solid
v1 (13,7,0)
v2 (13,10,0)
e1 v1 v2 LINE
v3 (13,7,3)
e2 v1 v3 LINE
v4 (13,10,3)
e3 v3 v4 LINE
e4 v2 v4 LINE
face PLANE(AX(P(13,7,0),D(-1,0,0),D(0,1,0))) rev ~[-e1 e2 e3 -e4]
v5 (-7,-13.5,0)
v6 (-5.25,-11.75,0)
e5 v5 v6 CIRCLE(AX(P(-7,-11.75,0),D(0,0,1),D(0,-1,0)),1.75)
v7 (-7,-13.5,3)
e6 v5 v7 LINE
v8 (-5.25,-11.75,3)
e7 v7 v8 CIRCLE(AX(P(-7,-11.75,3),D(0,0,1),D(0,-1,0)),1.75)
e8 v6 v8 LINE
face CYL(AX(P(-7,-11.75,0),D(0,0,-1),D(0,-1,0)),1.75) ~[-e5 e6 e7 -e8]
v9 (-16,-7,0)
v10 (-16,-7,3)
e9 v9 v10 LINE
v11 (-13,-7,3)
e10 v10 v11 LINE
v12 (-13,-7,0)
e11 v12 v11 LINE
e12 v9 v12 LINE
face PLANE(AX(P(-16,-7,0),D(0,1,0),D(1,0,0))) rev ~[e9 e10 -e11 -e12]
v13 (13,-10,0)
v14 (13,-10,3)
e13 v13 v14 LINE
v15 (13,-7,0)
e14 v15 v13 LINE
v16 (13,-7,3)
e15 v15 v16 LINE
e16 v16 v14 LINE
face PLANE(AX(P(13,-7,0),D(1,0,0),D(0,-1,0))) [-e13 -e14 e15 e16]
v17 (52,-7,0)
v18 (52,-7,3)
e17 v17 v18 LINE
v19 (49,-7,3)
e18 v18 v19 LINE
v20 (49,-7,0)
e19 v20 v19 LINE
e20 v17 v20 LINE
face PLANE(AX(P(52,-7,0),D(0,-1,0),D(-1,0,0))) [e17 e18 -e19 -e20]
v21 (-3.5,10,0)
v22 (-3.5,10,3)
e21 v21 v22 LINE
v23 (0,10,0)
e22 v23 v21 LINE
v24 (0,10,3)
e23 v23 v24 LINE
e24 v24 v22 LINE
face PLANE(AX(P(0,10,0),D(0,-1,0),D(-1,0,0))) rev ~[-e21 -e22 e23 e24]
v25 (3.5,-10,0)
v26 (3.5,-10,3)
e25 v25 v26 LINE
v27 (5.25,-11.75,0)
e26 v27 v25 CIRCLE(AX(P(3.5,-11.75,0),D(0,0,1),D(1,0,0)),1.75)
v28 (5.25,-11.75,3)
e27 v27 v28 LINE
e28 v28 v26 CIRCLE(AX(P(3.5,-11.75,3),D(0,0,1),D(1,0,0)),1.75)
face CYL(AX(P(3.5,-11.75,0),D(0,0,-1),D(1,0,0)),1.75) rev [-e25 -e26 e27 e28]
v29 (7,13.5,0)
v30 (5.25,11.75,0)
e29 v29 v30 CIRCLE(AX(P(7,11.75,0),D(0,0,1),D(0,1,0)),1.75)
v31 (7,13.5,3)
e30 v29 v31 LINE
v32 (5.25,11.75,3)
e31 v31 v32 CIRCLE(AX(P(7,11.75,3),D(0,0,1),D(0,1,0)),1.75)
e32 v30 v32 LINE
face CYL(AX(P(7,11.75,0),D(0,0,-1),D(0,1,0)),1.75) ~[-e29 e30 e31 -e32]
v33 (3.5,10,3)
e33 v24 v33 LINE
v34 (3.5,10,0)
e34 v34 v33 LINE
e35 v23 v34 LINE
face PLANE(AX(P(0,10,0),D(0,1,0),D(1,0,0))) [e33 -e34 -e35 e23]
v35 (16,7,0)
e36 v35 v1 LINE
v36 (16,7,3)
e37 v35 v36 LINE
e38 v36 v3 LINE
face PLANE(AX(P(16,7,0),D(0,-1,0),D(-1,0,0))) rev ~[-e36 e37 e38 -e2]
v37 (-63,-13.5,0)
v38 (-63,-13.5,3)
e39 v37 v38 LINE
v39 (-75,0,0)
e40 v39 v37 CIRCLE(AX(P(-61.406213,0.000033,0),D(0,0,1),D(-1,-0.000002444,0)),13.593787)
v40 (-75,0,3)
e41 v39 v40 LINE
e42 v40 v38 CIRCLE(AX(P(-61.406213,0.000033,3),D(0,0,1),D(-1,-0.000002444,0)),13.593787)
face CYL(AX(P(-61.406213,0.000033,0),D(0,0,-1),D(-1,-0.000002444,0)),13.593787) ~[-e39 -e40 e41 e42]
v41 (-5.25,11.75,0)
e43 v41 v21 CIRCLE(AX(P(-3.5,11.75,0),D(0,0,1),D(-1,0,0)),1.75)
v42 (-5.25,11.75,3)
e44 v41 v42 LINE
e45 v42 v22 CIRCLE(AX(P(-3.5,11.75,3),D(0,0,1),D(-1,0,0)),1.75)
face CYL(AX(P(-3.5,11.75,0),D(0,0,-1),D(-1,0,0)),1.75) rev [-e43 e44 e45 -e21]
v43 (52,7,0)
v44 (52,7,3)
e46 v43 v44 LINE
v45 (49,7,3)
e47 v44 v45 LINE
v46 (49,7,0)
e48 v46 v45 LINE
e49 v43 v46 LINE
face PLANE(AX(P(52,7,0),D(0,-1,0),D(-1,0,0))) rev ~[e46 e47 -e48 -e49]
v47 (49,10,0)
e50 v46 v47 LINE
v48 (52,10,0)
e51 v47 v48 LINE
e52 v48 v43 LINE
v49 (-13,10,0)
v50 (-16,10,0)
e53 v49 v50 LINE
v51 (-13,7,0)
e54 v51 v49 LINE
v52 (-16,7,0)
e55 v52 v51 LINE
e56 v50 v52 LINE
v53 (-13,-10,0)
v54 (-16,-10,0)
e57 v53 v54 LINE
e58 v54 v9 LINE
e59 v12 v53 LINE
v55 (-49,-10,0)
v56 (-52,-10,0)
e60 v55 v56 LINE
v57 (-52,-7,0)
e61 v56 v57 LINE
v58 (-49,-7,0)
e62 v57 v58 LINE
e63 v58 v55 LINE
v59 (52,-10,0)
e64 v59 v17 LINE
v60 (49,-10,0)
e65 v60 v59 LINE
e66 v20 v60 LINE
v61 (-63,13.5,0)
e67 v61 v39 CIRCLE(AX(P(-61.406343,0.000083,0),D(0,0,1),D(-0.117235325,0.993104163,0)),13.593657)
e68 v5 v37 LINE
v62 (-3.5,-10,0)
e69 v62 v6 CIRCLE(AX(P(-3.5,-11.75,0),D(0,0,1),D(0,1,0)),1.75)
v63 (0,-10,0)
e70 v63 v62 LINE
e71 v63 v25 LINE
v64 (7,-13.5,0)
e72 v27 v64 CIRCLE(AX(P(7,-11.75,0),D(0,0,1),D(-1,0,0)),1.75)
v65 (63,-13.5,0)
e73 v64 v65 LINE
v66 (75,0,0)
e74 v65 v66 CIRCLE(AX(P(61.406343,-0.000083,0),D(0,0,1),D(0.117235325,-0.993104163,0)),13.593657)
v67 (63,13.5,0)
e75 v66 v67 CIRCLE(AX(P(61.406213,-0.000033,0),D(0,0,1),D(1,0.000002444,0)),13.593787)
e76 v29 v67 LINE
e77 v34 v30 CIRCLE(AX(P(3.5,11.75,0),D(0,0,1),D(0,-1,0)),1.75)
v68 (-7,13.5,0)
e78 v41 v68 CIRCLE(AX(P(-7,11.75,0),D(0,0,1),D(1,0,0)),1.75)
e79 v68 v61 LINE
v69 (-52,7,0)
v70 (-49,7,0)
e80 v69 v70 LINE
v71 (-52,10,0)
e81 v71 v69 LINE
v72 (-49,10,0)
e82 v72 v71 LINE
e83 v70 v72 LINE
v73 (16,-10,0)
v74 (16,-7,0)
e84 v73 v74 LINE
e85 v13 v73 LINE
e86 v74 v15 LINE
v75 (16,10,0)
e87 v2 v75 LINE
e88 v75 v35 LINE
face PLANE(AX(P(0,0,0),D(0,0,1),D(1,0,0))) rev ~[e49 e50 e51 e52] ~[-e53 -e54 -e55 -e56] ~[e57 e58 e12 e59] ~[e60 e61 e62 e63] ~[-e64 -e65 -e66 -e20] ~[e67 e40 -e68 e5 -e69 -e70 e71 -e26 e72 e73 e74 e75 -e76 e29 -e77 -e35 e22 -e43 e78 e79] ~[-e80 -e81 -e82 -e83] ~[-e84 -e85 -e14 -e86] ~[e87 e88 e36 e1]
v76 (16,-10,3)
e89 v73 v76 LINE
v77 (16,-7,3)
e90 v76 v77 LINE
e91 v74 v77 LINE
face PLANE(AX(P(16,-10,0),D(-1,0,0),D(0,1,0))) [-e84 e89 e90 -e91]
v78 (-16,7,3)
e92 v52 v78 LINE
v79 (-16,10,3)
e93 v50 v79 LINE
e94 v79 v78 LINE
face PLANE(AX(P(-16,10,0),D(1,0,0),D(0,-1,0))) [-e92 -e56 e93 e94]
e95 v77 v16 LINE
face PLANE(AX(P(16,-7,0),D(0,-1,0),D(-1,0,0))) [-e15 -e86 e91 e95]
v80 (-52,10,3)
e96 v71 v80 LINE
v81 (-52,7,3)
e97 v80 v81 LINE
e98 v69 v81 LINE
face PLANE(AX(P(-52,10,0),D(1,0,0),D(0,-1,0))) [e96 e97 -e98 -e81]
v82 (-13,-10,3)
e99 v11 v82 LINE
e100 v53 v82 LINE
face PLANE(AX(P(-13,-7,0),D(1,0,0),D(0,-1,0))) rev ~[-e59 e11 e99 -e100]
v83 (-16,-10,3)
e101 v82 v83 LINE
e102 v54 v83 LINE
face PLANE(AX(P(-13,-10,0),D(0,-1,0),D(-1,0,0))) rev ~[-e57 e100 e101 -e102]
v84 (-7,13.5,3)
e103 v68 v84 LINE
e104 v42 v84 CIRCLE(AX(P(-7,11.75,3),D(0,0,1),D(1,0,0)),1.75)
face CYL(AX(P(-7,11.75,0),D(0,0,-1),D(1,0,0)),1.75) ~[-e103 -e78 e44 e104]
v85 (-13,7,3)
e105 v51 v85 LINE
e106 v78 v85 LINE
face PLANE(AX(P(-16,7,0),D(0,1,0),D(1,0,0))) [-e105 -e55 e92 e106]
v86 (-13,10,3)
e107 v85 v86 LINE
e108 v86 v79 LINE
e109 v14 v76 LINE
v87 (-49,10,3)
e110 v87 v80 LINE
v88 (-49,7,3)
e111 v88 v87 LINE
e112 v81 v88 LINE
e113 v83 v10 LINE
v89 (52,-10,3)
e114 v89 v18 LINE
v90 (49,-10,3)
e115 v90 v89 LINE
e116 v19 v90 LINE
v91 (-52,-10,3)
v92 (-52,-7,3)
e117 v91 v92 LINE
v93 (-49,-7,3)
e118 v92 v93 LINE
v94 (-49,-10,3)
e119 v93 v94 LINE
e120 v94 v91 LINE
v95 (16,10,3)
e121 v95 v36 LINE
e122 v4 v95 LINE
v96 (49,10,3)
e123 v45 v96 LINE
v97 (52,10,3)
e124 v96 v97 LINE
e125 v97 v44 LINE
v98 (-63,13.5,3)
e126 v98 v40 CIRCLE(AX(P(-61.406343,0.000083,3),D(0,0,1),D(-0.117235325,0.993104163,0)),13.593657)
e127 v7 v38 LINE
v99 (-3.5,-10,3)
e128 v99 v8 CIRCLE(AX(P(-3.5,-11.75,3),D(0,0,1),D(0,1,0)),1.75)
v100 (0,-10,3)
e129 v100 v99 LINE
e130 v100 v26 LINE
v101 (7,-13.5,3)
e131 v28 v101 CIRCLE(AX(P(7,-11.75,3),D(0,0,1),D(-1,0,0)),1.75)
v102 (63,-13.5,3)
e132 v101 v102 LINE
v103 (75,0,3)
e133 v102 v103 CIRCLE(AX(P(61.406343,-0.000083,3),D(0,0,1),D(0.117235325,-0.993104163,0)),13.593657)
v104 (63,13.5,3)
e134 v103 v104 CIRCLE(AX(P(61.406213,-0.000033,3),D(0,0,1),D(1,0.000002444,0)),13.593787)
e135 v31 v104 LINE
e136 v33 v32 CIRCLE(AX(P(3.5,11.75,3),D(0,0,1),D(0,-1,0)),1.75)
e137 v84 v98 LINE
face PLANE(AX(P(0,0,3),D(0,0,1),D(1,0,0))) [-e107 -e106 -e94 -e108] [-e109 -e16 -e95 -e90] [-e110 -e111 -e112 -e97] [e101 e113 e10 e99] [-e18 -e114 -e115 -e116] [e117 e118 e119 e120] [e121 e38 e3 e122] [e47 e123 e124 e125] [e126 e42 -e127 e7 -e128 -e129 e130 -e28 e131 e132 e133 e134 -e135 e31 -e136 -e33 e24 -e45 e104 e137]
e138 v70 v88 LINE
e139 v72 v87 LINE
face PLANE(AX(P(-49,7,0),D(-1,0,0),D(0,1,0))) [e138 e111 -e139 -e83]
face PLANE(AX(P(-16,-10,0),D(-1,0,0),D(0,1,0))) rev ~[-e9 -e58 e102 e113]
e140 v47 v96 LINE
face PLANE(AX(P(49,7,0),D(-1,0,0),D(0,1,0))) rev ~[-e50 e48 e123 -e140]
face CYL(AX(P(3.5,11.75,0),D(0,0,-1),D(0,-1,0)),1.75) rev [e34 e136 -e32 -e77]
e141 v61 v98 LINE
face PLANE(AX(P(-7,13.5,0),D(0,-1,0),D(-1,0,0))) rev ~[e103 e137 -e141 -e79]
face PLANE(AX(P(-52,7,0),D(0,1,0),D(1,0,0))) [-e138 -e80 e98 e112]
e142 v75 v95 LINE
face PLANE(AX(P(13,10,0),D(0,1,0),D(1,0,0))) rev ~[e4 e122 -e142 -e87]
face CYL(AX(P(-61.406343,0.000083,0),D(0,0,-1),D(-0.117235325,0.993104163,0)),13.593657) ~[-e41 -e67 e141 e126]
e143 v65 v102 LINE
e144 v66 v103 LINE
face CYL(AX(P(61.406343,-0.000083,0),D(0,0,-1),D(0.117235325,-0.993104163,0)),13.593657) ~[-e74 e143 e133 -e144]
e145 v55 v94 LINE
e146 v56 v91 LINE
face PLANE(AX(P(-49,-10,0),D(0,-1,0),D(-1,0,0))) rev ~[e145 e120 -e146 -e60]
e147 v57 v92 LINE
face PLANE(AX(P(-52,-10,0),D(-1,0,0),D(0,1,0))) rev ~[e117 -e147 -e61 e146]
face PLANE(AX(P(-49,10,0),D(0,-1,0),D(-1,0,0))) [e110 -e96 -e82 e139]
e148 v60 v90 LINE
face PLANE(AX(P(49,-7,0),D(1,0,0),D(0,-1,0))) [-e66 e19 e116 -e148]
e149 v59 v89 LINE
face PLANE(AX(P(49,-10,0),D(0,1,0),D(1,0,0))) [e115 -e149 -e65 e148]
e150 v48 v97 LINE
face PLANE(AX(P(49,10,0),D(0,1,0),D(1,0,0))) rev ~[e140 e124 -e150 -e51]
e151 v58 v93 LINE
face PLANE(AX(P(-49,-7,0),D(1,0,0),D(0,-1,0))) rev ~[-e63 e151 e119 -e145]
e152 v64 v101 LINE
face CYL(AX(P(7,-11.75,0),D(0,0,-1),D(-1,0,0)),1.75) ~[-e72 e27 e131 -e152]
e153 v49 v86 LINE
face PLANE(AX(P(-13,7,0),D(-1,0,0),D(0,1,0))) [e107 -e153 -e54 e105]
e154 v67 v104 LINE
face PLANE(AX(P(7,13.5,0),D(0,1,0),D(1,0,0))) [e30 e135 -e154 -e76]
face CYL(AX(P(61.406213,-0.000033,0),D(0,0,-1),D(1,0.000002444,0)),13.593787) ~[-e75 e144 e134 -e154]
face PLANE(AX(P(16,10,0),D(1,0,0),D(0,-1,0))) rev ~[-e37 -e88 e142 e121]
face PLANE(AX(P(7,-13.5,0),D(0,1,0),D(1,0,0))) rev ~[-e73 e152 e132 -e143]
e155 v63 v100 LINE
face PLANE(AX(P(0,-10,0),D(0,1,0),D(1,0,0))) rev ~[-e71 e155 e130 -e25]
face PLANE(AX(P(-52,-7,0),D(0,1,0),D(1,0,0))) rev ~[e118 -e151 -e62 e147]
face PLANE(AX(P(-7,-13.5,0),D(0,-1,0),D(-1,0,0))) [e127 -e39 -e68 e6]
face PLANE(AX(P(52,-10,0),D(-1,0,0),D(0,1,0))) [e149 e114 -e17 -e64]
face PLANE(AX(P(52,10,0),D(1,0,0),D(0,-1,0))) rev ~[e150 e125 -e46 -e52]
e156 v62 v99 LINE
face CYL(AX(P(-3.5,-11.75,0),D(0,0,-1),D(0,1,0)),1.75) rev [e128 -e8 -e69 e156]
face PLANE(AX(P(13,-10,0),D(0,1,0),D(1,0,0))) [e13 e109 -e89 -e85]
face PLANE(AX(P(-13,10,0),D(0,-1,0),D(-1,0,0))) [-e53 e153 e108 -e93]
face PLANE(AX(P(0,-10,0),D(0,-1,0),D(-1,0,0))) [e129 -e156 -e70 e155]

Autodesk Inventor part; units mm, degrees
ref_plane "YZ Plane" through (0, 0, 0) normal (1, 0, 0) x (0, 1, 0)
ref_plane "XZ Plane" through (0, 0, 0) normal (0, 1, 0) x (-1, 0, 0)
ref_plane "XY Plane" through (0, 0, 0) normal (0, 0, 1) x (1, 0, 0)
sketch "Esboço1" plane through (0, 0, 0) normal (0, 0, 1) x (1, 0, 0)
  arc A0 (-63, 13.5) -> (-75, 0) centre (-61.4063, 0) ccw
  line L0 (0, 10) -> (-3.5, 10)
  arc A1 (-5.25, 11.75) -> (-7, 13.5) centre (-7, 11.75) ccw
  arc A2 (-5.25, 11.75) -> (-3.5, 10) centre (-3.5, 11.75) ccw
  line L1 (-7, 13.5) -> (-63, 13.5)
  line L2 (-49, 10) -> (-52, 10)
  line L3 (-52, 10) -> (-52, 7)
  line L4 (-52, 7) -> (-49, 7)
  line L5 (-49, 7) -> (-49, 10)
  line L6 (-13, 10) -> (-16, 10)
  line L7 (-16, 10) -> (-16, 7)
  line L8 (-16, 7) -> (-13, 7)
  line L9 (-13, 7) -> (-13, 10)
  line L10 (0, 10) -> (3.5, 10)
  arc A3 (3.5, 10) -> (5.25, 11.75) centre (3.5, 11.75) ccw
  arc A4 (7, 13.5) -> (5.25, 11.75) centre (7, 11.75) ccw
  line L11 (7, 13.5) -> (63, 13.5)
  arc A5 (75, 0) -> (63, 13.5) centre (61.4063, 0) ccw
  line L12 (49, 10) -> (52, 10)
  line L13 (52, 10) -> (52, 7)
  line L14 (52, 7) -> (49, 7)
  line L15 (49, 7) -> (49, 10)
  line L16 (13, 10) -> (16, 10)
  line L17 (16, 10) -> (16, 7)
  line L18 (16, 7) -> (13, 7)
  line L19 (13, 7) -> (13, 10)
  line L20 (0, -10) -> (-3.5, -10)
  arc A6 (-3.5, -10) -> (-5.25, -11.75) centre (-3.5, -11.75) ccw
  arc A7 (-7, -13.5) -> (-5.25, -11.75) centre (-7, -11.75) ccw
  line L21 (-7, -13.5) -> (-63, -13.5)
  arc A8 (-75, 0) -> (-63, -13.5) centre (-61.4063, 0) ccw
  line L22 (-49, -10) -> (-52, -10)
  line L23 (-52, -10) -> (-52, -7)
  line L24 (-52, -7) -> (-49, -7)
  line L25 (-49, -7) -> (-49, -10)
  line L26 (-13, -10) -> (-16, -10)
  line L27 (-16, -10) -> (-16, -7)
  line L28 (-16, -7) -> (-13, -7)
  line L29 (-13, -7) -> (-13, -10)
  arc A9 (63, -13.5) -> (75, 0) centre (61.4063, 0) ccw
  line L30 (52, -10) -> (52, -7)
  line L31 (49, -10) -> (52, -10)
  line L32 (52, -7) -> (49, -7)
  line L33 (49, -7) -> (49, -10)
  line L34 (7, -13.5) -> (63, -13.5)
  line L35 (16, -10) -> (16, -7)
  line L36 (16, -7) -> (13, -7)
  line L37 (13, -10) -> (16, -10)
  line L38 (13, -7) -> (13, -10)
  arc A10 (5.25, -11.75) -> (7, -13.5) centre (7, -11.75) ccw
  arc A11 (5.25, -11.75) -> (3.5, -10) centre (3.5, -11.75) ccw
  line L39 (0, -10) -> (3.5, -10)
  point P0 (0, 0)
  dimension "d6" = 3.5
extrude "Extrusão1" add sketch "Esboço1" along normal blind 3
properties part number "ASA_SUPERIOR"
